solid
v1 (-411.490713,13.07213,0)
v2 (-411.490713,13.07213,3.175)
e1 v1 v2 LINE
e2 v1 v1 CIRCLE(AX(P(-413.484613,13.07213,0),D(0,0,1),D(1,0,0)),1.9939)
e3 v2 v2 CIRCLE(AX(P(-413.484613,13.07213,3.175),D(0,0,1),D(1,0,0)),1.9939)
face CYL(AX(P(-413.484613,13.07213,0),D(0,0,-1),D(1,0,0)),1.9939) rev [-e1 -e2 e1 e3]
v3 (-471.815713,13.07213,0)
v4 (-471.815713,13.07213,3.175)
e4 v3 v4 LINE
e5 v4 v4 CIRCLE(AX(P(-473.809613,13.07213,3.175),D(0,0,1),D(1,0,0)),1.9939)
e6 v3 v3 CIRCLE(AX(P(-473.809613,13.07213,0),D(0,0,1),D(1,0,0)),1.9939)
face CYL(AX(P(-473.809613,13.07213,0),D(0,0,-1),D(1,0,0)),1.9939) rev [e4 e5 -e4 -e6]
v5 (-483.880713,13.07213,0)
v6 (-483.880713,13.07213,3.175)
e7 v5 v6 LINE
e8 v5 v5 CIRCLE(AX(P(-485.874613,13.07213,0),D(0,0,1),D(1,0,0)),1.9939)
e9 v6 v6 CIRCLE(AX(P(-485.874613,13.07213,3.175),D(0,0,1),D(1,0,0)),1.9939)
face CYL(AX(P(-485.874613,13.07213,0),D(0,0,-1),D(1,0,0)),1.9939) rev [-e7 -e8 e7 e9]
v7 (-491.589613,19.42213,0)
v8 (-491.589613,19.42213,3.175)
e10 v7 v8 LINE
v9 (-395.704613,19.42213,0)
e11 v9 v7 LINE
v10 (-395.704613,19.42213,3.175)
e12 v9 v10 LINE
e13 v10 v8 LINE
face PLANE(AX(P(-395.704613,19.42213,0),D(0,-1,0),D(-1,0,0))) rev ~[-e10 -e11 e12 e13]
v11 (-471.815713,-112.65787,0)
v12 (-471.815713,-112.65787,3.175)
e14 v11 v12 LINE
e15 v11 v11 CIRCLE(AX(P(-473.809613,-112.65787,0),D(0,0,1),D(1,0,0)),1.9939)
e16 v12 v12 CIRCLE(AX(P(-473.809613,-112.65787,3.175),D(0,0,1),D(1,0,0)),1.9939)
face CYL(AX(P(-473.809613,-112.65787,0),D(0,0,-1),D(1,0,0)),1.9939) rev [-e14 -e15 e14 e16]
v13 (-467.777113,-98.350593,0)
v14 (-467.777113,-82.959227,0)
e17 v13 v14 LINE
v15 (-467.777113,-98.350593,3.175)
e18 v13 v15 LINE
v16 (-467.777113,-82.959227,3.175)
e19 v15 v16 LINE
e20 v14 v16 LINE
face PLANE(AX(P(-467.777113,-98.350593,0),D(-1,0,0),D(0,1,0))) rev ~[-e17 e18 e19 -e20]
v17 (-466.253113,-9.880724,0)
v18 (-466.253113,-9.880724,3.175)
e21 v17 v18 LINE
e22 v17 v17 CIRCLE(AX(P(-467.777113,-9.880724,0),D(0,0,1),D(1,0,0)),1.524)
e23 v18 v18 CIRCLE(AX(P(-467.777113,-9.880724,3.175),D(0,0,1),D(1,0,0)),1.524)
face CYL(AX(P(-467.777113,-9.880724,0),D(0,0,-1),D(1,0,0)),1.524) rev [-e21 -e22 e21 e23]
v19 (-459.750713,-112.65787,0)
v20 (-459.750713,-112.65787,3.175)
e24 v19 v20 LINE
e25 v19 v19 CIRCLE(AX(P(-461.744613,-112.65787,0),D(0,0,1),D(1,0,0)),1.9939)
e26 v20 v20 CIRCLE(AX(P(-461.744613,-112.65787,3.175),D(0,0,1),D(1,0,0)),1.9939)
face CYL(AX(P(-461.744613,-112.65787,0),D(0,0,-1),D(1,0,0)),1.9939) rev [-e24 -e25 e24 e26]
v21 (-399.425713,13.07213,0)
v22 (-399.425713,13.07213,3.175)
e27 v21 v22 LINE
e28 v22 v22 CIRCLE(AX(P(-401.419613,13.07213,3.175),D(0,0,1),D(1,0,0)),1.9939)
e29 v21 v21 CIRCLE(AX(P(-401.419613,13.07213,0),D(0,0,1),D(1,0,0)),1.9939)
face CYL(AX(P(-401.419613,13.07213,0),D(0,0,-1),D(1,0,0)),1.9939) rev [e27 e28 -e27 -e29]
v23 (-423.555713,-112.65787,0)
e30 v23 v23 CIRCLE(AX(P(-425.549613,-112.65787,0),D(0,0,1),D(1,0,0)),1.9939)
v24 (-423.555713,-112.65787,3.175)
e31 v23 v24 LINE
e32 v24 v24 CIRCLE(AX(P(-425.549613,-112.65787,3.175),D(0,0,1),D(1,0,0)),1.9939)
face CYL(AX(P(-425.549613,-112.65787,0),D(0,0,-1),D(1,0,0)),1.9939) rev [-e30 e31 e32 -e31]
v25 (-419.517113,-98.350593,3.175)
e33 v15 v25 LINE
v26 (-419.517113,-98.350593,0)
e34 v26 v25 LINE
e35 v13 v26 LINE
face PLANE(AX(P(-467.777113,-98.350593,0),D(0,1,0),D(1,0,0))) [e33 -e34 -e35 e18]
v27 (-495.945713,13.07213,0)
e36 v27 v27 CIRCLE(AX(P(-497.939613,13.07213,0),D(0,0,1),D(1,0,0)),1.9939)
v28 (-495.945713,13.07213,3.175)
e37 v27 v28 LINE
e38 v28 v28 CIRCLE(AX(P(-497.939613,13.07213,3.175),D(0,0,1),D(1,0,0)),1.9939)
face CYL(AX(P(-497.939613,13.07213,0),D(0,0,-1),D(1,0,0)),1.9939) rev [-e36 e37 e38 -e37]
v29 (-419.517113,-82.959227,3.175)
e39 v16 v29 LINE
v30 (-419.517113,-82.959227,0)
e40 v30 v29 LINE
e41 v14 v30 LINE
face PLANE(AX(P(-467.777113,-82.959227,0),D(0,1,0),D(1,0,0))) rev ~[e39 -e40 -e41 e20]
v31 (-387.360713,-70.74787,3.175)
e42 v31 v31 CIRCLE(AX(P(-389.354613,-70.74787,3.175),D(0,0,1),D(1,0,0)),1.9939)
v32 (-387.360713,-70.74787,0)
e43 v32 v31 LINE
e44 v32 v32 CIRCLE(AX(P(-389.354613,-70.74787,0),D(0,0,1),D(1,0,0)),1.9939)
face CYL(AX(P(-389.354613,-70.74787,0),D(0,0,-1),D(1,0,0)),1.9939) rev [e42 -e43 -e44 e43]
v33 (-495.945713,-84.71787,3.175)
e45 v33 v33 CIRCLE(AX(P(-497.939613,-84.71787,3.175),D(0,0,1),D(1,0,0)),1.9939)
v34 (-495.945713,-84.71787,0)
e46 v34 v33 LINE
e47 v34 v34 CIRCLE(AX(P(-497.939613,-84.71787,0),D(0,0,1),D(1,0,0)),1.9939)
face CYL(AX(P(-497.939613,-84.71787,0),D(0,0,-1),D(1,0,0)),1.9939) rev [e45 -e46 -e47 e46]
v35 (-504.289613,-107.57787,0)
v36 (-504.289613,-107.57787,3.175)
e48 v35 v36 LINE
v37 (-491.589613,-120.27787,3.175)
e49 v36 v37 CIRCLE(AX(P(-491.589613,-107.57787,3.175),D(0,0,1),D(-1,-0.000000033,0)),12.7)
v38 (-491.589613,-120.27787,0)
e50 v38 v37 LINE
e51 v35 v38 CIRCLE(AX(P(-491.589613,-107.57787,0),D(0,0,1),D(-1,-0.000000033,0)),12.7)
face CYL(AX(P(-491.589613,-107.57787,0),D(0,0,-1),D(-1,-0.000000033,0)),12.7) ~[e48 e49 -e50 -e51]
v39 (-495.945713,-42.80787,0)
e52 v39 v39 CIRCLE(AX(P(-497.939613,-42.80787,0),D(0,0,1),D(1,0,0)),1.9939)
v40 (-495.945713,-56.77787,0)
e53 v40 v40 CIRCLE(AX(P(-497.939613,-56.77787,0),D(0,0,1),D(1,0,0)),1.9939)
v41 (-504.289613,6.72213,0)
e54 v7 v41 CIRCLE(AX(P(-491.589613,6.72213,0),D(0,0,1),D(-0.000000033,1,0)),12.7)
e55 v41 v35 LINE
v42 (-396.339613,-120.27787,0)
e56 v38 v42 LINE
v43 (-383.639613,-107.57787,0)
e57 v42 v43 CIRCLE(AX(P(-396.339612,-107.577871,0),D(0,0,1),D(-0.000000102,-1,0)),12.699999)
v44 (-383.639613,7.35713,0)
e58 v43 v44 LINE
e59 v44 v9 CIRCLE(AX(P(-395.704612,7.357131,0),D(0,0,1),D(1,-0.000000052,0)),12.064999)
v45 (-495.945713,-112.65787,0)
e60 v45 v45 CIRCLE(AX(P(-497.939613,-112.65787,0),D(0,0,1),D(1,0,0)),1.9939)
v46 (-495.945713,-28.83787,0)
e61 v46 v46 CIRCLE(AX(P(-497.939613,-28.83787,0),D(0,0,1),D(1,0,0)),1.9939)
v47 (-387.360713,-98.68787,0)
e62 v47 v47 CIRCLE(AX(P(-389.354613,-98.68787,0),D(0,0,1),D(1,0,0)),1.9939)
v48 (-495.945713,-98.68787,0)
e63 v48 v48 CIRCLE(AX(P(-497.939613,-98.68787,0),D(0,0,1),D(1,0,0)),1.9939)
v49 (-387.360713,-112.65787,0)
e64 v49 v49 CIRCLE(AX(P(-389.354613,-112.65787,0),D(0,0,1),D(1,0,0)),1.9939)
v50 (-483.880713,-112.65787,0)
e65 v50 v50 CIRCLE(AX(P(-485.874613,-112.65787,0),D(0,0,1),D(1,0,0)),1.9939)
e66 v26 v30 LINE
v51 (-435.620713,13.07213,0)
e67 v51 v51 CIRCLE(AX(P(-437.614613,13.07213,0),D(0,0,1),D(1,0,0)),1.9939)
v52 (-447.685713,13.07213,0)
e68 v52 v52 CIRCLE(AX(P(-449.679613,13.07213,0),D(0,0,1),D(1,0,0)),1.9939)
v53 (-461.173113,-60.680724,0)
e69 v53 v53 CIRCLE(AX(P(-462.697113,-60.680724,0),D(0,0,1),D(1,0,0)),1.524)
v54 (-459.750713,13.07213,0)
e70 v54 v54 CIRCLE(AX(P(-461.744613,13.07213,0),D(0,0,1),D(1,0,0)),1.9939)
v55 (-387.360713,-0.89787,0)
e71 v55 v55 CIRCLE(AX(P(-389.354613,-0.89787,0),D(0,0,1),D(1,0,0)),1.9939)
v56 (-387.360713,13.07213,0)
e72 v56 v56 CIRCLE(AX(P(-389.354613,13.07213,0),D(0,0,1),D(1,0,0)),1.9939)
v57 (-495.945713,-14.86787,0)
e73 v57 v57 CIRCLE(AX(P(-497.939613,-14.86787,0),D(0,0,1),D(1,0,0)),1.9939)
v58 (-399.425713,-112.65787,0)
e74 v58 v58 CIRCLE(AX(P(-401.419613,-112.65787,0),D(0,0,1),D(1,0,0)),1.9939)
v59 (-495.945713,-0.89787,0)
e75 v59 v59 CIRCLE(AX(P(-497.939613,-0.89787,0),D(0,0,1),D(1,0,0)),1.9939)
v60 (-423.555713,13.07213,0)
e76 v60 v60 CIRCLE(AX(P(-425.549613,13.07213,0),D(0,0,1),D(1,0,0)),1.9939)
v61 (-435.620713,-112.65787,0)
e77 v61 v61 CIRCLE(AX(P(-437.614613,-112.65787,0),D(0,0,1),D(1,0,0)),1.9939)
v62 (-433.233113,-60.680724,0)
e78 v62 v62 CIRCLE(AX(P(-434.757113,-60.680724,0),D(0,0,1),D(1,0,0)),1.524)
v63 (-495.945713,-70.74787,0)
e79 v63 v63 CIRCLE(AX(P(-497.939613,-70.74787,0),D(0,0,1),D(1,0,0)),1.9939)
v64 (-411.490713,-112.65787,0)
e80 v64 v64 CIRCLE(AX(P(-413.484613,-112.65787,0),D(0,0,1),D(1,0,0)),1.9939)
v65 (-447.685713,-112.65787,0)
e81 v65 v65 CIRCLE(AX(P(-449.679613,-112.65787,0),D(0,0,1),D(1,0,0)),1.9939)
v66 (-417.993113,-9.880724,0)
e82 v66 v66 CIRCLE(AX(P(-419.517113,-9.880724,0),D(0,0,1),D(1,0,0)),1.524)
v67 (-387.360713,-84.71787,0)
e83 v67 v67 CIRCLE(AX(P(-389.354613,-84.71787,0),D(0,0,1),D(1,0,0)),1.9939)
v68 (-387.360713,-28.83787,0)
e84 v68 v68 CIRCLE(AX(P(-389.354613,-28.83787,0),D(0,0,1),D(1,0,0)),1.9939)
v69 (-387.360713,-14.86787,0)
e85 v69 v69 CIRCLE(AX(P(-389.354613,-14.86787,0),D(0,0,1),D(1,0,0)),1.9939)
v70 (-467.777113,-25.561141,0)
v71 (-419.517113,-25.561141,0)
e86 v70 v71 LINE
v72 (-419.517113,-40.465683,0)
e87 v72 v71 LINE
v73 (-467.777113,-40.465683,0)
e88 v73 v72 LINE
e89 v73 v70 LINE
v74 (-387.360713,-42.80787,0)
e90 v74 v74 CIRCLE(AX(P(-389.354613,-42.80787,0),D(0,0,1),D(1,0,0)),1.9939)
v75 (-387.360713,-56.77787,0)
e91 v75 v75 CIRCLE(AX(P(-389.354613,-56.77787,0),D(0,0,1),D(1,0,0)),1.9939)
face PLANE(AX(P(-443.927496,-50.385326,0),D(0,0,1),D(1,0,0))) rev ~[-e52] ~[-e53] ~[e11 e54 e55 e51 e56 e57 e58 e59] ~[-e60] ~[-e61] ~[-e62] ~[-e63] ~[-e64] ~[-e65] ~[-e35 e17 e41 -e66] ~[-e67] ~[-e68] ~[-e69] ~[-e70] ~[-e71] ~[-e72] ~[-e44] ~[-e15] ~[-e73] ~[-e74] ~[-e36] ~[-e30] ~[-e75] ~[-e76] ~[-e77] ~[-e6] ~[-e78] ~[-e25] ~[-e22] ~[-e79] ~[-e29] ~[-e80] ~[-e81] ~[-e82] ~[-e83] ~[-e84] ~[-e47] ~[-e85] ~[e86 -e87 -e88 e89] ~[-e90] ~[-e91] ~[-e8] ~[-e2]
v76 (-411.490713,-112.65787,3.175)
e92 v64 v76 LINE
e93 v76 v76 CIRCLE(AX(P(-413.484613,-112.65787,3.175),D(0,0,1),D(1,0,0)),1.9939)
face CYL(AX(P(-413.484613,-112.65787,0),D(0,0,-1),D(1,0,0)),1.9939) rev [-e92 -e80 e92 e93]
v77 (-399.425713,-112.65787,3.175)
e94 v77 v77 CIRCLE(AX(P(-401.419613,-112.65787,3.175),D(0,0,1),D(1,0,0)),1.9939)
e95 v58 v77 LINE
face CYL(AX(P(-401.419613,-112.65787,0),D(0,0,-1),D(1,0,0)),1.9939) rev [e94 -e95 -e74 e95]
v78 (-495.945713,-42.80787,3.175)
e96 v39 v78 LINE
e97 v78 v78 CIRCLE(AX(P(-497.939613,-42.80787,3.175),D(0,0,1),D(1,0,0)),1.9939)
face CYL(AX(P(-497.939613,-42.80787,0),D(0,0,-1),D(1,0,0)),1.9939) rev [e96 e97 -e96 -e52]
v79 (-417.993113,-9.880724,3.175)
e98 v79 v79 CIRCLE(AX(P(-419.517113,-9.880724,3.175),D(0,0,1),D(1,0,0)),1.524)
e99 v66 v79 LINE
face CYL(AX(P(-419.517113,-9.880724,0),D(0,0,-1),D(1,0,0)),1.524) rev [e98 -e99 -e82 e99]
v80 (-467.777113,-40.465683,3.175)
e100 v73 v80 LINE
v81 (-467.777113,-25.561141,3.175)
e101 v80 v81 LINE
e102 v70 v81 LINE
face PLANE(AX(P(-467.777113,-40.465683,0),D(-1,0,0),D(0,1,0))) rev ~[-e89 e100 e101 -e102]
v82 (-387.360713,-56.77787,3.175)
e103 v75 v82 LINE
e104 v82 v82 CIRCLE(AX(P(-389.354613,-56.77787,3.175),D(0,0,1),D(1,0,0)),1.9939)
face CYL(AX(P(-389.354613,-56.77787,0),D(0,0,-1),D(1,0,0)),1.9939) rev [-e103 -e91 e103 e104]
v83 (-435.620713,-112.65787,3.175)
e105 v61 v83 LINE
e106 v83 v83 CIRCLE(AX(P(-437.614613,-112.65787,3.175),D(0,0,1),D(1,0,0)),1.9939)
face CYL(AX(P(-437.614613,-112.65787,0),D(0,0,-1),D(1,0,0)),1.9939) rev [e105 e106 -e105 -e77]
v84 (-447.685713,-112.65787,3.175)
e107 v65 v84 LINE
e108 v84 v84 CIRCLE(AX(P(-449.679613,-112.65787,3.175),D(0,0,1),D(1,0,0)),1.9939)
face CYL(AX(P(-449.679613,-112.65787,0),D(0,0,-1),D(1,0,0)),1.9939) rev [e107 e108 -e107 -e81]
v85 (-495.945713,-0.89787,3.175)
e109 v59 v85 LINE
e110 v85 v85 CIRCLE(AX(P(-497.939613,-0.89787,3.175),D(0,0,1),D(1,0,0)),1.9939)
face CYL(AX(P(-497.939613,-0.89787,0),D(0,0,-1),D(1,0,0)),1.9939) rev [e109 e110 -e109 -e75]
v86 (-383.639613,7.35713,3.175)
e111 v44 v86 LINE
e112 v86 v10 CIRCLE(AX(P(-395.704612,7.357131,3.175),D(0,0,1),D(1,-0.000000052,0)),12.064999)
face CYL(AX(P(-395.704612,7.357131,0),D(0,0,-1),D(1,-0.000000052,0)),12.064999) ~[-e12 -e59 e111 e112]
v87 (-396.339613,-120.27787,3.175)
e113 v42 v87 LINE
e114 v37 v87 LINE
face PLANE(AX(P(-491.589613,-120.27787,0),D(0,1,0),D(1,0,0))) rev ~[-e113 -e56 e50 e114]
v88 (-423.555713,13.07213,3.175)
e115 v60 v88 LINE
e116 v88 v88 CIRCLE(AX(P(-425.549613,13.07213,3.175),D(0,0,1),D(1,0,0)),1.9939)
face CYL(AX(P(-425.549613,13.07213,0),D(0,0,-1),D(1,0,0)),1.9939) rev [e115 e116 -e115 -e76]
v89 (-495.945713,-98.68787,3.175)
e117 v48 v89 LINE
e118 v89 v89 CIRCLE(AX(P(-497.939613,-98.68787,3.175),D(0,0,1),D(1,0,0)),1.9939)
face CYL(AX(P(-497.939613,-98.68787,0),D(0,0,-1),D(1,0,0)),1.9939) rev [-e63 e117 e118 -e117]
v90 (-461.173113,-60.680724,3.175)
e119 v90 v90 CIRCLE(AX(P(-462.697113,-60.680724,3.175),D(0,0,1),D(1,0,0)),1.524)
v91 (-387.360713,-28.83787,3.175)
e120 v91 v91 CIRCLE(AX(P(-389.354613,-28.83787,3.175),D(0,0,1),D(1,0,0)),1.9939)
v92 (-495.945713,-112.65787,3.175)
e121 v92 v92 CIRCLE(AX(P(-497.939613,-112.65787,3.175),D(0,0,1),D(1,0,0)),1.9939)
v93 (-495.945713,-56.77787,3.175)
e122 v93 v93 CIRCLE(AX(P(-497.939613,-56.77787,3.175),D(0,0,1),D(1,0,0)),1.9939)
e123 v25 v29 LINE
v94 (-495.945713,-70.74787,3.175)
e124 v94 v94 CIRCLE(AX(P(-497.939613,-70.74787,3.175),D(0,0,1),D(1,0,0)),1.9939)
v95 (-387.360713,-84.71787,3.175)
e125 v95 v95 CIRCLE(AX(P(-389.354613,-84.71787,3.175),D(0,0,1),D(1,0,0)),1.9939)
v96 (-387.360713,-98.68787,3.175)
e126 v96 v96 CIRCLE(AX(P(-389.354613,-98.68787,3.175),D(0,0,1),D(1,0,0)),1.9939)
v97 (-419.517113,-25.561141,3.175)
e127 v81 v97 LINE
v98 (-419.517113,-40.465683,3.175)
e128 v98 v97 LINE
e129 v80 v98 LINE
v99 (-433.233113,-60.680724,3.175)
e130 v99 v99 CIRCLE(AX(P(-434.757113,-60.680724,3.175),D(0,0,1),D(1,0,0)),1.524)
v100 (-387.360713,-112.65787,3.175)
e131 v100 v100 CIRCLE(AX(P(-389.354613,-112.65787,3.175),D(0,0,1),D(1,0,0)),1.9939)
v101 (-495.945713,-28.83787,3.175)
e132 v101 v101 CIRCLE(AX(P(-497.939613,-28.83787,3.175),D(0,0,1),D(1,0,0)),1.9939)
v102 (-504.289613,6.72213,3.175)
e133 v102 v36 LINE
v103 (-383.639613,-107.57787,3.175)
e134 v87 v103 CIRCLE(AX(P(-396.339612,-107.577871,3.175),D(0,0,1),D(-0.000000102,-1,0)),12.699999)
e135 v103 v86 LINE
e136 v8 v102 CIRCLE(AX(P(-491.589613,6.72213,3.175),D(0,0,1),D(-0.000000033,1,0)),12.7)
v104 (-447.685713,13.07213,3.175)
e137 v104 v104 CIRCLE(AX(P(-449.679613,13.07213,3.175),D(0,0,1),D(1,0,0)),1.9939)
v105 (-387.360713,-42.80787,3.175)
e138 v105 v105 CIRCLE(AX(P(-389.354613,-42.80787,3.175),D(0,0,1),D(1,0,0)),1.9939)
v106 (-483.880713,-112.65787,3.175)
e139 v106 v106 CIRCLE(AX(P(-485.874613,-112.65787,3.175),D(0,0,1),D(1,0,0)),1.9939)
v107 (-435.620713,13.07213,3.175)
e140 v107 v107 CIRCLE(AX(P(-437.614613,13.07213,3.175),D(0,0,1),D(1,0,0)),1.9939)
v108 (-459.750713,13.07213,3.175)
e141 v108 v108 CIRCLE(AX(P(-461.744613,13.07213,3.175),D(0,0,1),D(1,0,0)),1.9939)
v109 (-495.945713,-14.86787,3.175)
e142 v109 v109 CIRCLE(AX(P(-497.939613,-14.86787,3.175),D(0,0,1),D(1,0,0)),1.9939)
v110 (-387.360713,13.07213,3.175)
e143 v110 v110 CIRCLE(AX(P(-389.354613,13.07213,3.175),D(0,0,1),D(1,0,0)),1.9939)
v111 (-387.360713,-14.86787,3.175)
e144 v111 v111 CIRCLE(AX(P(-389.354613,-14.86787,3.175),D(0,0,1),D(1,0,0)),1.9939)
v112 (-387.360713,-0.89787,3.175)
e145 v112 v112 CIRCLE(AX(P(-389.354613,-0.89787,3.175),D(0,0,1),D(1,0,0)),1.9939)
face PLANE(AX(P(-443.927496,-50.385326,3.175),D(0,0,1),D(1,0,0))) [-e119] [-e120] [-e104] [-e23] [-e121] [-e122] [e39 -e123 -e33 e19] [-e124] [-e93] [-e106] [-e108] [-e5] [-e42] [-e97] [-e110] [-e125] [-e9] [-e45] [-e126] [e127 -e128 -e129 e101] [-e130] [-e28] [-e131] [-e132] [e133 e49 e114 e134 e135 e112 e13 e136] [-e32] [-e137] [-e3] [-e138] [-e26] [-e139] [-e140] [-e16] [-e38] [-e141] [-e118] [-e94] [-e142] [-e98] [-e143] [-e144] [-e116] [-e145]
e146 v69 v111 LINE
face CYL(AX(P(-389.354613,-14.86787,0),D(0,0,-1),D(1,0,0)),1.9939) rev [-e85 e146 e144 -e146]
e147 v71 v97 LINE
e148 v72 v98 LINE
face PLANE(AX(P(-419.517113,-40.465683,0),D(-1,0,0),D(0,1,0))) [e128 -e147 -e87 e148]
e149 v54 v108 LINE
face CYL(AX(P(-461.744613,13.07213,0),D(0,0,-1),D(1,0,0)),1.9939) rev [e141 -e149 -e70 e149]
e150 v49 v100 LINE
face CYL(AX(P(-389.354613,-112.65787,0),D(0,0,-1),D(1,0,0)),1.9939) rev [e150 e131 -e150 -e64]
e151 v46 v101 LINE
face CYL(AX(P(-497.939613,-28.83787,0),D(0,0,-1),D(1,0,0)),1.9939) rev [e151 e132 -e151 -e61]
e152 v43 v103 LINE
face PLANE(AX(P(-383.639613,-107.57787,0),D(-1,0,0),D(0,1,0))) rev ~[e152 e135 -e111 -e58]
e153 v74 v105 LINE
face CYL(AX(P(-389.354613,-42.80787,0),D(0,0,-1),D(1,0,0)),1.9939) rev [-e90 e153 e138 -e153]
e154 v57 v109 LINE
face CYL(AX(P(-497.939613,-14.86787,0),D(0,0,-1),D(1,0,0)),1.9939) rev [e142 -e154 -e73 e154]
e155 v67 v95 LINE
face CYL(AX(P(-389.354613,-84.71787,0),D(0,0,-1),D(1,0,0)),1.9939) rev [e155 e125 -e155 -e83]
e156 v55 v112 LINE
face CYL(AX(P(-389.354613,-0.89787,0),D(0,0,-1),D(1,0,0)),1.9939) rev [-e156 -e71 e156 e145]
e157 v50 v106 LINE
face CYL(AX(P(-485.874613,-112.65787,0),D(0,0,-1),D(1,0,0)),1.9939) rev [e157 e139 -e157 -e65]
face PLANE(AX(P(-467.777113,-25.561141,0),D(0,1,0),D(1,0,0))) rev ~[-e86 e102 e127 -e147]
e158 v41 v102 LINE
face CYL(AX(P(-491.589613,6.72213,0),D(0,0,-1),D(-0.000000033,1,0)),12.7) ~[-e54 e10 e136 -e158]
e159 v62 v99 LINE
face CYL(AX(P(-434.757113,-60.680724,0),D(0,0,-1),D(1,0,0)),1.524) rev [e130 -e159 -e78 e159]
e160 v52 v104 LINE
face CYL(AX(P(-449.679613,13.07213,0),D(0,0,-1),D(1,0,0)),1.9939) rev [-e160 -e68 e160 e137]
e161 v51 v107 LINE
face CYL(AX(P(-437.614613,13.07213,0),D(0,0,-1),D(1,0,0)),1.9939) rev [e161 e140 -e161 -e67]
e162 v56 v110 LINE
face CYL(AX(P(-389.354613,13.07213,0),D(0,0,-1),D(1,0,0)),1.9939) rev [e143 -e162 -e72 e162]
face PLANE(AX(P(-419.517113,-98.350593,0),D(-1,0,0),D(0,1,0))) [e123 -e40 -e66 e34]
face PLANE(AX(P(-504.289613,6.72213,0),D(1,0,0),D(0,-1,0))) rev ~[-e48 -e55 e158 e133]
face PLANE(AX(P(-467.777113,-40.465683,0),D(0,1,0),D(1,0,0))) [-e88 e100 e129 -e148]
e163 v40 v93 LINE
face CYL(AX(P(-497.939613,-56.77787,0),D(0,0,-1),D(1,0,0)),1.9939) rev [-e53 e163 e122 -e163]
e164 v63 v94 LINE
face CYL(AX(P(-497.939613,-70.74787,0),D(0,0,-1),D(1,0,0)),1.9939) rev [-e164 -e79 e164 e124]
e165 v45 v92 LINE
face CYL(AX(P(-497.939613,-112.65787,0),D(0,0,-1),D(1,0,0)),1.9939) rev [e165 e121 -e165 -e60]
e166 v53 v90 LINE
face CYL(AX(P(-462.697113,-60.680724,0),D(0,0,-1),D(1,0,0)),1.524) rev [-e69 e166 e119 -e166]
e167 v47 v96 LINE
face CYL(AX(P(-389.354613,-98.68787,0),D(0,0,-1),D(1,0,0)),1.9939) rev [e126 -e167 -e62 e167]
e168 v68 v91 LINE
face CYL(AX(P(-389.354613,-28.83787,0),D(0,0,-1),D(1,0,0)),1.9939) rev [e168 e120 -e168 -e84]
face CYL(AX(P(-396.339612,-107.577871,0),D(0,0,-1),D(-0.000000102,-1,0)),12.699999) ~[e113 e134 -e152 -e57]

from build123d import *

# Parameters (mm, degrees)
F0_R     = 1.9939
F0_R_2   = 1.524
F0_W     = 48.26
F0_H     = 15.391365
F0_H_2   = 14.904542
F1_DEPTH = 3.175


with BuildPart() as f1:
    # F0 (on Top) → F1 (new body)
    with BuildSketch(Plane.XY):
        with BuildLine():
            Line((-395.704613, 19.42213), (-491.589613, 19.42213))
            ThreePointArc((-491.589613, 19.42213), (-500.569869, 15.702386), (-504.289613, 6.72213))
            Line((-504.289613, 6.72213), (-504.289613, -107.57787))
            ThreePointArc((-504.289613, -107.57787), (-500.569869, -116.558126), (-491.589613, -120.27787))
            Line((-491.589613, -120.27787), (-396.339613, -120.27787))
            ThreePointArc((-396.339613, -120.27787), (-387.359356, -116.558126), (-383.639613, -107.57787))
            Line((-383.639613, -107.57787), (-383.639613, 7.35713))
            ThreePointArc((-383.639613, 7.35713), (-387.173369, 15.888373), (-395.704613, 19.42213))
        make_face()
        with Locations((-497.939613, -112.65787)):
            Circle(F0_R, mode=Mode.SUBTRACT)
        with Locations((-485.874613, -112.65787)):
            Circle(F0_R, mode=Mode.SUBTRACT)
        with Locations((-497.939613, -98.68787)):
            Circle(F0_R, mode=Mode.SUBTRACT)
        with Locations((-473.809613, -112.65787)):
            Circle(F0_R, mode=Mode.SUBTRACT)
        with Locations((-461.744613, -112.65787)):
            Circle(F0_R, mode=Mode.SUBTRACT)
        with Locations((-449.679613, -112.65787)):
            Circle(F0_R, mode=Mode.SUBTRACT)
        with Locations((-497.939613, -84.71787)):
            Circle(F0_R, mode=Mode.SUBTRACT)
        with Locations((-497.939613, -70.74787)):
            Circle(F0_R, mode=Mode.SUBTRACT)
        with Locations((-497.939613, -56.77787)):
            Circle(F0_R, mode=Mode.SUBTRACT)
        with Locations((-462.697113, -60.680724)):
            Circle(F0_R_2, mode=Mode.SUBTRACT)
        with Locations((-437.614613, -112.65787)):
            Circle(F0_R, mode=Mode.SUBTRACT)
        with Locations((-425.549613, -112.65787)):
            Circle(F0_R, mode=Mode.SUBTRACT)
        with Locations((-443.647113, -90.65491)):
            Rectangle(F0_W, F0_H, mode=Mode.SUBTRACT)
        with Locations((-413.484613, -112.65787)):
            Circle(F0_R, mode=Mode.SUBTRACT)
        with Locations((-401.419613, -112.65787)):
            Circle(F0_R, mode=Mode.SUBTRACT)
        with Locations((-389.354613, -112.65787)):
            Circle(F0_R, mode=Mode.SUBTRACT)
        with Locations((-389.354613, -98.68787)):
            Circle(F0_R, mode=Mode.SUBTRACT)
        with Locations((-434.757113, -60.680724)):
            Circle(F0_R_2, mode=Mode.SUBTRACT)
        with Locations((-389.354613, -84.71787)):
            Circle(F0_R, mode=Mode.SUBTRACT)
        with Locations((-389.354613, -70.74787)):
            Circle(F0_R, mode=Mode.SUBTRACT)
        with Locations((-389.354613, -56.77787)):
            Circle(F0_R, mode=Mode.SUBTRACT)
        with Locations((-497.939613, -42.80787)):
            Circle(F0_R, mode=Mode.SUBTRACT)
        with Locations((-497.939613, -28.83787)):
            Circle(F0_R, mode=Mode.SUBTRACT)
        with Locations((-497.939613, -14.86787)):
            Circle(F0_R, mode=Mode.SUBTRACT)
        with Locations((-497.939613, -0.89787)):
            Circle(F0_R, mode=Mode.SUBTRACT)
        with Locations((-497.939613, 13.07213)):
            Circle(F0_R, mode=Mode.SUBTRACT)
        with Locations((-485.874613, 13.07213)):
            Circle(F0_R, mode=Mode.SUBTRACT)
        with Locations((-467.777113, -9.880724)):
            Circle(F0_R_2, mode=Mode.SUBTRACT)
        with Locations((-473.809613, 13.07213)):
            Circle(F0_R, mode=Mode.SUBTRACT)
        with Locations((-461.744613, 13.07213)):
            Circle(F0_R, mode=Mode.SUBTRACT)
        with Locations((-449.679613, 13.07213)):
            Circle(F0_R, mode=Mode.SUBTRACT)
        with Locations((-443.647113, -33.013412)):
            Rectangle(F0_W, F0_H_2, mode=Mode.SUBTRACT)
        with Locations((-389.354613, -42.80787)):
            Circle(F0_R, mode=Mode.SUBTRACT)
        with Locations((-389.354613, -28.83787)):
            Circle(F0_R, mode=Mode.SUBTRACT)
        with Locations((-419.517113, -9.880724)):
            Circle(F0_R_2, mode=Mode.SUBTRACT)
        with Locations((-437.614613, 13.07213)):
            Circle(F0_R, mode=Mode.SUBTRACT)
        with Locations((-425.549613, 13.07213)):
            Circle(F0_R, mode=Mode.SUBTRACT)
        with Locations((-389.354613, -14.86787)):
            Circle(F0_R, mode=Mode.SUBTRACT)
        with Locations((-389.354613, -0.89787)):
            Circle(F0_R, mode=Mode.SUBTRACT)
        with Locations((-413.484613, 13.07213)):
            Circle(F0_R, mode=Mode.SUBTRACT)
        with Locations((-401.419613, 13.07213)):
            Circle(F0_R, mode=Mode.SUBTRACT)
        with Locations((-389.354613, 13.07213)):
            Circle(F0_R, mode=Mode.SUBTRACT)
    extrude(amount=F1_DEPTH)


solid = f1.part
